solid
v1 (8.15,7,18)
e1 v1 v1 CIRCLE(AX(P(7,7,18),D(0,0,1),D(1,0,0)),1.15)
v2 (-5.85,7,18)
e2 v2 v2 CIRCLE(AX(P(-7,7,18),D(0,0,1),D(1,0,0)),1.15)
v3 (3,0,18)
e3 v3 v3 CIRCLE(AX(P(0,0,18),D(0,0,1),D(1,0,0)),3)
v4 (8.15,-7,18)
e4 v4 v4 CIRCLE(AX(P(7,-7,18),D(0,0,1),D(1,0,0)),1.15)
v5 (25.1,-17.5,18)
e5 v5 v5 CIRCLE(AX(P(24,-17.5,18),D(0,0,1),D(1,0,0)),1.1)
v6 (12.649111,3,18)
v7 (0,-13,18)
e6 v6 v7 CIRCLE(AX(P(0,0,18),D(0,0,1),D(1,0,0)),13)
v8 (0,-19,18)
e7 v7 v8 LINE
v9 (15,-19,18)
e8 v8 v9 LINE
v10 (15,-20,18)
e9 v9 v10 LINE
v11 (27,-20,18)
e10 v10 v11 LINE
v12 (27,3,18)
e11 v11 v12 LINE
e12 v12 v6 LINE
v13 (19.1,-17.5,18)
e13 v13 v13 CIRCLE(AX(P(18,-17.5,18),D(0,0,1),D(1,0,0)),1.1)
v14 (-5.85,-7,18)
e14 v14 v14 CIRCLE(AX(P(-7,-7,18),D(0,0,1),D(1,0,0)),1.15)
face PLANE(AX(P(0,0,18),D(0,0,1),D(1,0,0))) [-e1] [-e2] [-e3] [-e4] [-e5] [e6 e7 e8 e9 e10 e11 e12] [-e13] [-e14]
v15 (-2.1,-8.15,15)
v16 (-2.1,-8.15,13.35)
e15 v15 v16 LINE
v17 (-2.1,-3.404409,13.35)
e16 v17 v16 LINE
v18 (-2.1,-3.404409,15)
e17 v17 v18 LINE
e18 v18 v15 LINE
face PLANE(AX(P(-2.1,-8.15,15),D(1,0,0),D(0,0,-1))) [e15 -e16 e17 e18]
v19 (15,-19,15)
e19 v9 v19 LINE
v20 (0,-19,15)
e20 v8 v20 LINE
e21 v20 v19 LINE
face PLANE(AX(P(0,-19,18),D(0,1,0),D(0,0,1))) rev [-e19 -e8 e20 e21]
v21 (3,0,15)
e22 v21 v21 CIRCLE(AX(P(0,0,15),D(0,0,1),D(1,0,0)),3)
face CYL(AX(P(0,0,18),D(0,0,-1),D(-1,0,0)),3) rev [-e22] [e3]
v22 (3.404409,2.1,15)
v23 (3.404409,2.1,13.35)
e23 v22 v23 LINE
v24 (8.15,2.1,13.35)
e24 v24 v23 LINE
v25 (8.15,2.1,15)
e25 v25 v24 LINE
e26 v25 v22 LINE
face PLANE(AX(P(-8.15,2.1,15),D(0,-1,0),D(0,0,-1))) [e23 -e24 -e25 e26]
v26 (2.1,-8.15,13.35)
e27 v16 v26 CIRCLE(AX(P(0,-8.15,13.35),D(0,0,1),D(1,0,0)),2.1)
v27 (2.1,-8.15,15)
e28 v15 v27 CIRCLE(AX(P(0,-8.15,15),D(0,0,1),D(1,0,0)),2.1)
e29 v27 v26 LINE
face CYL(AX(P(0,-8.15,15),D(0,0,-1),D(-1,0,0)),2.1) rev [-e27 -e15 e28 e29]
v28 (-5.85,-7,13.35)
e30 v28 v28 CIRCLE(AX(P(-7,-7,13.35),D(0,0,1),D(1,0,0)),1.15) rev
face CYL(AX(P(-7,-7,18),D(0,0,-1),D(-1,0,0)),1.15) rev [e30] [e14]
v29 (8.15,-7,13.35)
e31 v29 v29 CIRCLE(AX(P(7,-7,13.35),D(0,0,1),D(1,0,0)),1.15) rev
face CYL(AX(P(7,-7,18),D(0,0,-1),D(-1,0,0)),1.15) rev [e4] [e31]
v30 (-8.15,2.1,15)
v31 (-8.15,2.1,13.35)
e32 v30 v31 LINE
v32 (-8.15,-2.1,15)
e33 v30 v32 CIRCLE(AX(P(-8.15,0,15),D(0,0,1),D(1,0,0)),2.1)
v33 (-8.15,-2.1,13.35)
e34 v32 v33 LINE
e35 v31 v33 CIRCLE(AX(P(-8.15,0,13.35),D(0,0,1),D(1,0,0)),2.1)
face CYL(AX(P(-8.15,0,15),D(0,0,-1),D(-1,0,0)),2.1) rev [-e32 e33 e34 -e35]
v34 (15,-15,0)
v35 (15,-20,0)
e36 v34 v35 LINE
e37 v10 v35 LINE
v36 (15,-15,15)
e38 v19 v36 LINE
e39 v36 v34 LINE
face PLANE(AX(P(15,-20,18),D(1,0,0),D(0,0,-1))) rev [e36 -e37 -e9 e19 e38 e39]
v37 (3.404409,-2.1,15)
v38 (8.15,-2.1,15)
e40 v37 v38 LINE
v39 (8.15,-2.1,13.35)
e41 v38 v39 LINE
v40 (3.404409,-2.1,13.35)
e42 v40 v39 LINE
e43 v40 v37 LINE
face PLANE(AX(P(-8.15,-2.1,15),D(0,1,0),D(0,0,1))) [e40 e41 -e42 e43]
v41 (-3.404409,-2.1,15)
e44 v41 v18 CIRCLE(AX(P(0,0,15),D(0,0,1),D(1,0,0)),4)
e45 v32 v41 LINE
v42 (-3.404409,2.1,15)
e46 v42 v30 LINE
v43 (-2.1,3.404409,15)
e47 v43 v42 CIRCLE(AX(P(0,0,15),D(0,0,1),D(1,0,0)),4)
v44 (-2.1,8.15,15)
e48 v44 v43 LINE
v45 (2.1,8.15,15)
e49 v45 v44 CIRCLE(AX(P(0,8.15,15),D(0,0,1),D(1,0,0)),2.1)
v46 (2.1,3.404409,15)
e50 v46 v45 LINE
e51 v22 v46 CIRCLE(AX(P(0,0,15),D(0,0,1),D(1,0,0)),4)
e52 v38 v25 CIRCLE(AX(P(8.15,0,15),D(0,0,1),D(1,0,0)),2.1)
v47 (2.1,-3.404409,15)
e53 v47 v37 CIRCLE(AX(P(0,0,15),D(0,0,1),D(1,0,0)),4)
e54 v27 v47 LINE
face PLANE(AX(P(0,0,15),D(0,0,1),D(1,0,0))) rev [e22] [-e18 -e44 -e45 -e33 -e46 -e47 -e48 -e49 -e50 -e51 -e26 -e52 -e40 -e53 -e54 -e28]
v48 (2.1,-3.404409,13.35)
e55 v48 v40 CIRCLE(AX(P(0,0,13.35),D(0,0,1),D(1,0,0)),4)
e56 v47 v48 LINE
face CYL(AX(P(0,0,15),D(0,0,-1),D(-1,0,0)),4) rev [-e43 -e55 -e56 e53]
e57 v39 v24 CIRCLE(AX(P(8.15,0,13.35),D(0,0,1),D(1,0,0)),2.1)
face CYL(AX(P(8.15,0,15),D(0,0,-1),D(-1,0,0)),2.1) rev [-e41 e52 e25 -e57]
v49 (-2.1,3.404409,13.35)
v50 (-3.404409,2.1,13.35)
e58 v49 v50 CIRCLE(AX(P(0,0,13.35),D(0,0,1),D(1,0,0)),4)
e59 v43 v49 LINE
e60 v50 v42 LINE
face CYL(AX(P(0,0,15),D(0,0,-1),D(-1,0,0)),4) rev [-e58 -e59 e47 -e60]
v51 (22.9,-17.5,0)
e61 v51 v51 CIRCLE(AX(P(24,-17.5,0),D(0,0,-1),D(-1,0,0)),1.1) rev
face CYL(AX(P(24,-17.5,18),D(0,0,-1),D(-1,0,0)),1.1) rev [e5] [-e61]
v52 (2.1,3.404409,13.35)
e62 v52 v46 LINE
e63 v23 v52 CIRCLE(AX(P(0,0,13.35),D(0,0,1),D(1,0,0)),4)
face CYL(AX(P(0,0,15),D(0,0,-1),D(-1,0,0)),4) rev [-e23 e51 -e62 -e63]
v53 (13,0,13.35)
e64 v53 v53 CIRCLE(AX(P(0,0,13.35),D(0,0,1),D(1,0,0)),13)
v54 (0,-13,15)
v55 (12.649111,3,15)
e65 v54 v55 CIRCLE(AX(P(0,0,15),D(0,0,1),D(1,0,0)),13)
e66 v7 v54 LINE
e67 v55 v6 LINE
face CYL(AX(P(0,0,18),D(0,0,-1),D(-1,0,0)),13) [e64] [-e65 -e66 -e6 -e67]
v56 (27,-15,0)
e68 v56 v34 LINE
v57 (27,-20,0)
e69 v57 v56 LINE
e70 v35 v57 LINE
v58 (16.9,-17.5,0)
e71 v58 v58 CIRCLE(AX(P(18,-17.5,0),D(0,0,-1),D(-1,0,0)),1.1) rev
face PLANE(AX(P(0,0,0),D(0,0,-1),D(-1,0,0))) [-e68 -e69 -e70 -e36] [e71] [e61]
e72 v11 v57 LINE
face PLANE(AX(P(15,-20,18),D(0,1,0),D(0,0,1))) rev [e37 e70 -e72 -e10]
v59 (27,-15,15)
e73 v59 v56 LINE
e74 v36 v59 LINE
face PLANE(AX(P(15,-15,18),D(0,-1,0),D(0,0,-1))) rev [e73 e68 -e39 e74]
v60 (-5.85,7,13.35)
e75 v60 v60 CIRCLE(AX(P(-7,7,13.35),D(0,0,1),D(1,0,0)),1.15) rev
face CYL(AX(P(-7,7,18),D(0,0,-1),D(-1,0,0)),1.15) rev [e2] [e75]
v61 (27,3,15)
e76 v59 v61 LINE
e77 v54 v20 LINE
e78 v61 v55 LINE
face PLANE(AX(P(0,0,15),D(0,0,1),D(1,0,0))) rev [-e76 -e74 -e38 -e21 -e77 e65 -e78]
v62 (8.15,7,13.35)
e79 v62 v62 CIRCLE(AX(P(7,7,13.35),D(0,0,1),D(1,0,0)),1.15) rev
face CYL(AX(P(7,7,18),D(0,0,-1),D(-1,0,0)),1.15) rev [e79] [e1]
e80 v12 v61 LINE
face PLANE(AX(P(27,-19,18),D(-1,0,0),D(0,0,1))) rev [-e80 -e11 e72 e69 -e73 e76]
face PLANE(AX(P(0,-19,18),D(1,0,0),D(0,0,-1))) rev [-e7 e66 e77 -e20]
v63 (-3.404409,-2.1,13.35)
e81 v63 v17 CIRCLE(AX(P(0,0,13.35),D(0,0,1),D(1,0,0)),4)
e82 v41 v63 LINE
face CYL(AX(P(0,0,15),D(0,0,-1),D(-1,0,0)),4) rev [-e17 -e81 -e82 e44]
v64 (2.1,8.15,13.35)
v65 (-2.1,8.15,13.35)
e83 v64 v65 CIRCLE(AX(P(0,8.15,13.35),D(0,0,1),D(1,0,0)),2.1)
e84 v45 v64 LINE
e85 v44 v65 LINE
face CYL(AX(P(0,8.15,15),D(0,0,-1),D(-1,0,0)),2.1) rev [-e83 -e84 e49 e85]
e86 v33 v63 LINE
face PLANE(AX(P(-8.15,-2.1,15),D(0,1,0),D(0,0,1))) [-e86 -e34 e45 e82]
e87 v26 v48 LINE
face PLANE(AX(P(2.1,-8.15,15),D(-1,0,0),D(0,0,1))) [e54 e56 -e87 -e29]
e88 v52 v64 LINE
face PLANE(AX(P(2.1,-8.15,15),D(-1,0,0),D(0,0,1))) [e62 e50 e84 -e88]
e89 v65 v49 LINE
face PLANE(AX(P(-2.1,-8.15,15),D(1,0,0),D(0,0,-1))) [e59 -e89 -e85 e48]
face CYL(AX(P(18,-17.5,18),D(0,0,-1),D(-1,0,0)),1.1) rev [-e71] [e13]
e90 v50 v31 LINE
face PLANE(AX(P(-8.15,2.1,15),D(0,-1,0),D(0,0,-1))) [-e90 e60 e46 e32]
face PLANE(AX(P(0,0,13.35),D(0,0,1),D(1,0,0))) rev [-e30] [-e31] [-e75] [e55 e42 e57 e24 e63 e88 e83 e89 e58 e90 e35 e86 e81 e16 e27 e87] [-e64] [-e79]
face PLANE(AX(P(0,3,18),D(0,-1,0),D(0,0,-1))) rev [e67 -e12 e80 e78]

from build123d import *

# Parameters (mm, degrees)
STOCK_HORN_ATTACHMENT_START          = 15
STOCK_HORN_ATTACHMENT_PROFILE_R      = 13
STOCK_HORN_ATTACHMENT_DEPTH          = 3
FINGER_ARM_START                     = 15
FINGER_ARM_PROFILE_W                 = 27
FINGER_ARM_PROFILE_H                 = 22
FINGER_ARM_DEPTH                     = 3
DESCENDING_CONTACT_FINGER_PROFILE_W  = 12
DESCENDING_CONTACT_FINGER_PROFILE_H  = 5
DESCENDING_CONTACT_FINGER_DEPTH      = 18
HORN_CENTER_ACCESS_START             = -50
HORN_CENTER_ACCESS_PROFILE_R         = 3
HORN_CENTER_ACCESS_DEPTH             = 89.118237105
CAPTURED_HORN_KEY_BOSS_START         = 13.35
CAPTURED_HORN_KEY_BOSS_PROFILE_R     = 13
CAPTURED_HORN_KEY_BOSS_DEPTH         = 1.65
KEY_POCKET_HUB_START                 = 13.35
STOCK_HORN_POCKET_HUB_R              = 3.55
KEY_POCKET_HUB_DEPTH                 = 1.65
KEY_POCKET_HORIZONTAL_START          = 13.35
STOCK_HORN_POCKET_HORIZONTAL_W       = 16.3
STOCK_HORN_POCKET_HORIZONTAL_H       = 4.2
KEY_POCKET_HORIZONTAL_DEPTH          = 1.65
KEY_POCKET_VERTICAL_START            = 13.35
STOCK_HORN_POCKET_VERTICAL_W         = 4.2
STOCK_HORN_POCKET_VERTICAL_H         = 16.3
KEY_POCKET_VERTICAL_DEPTH            = 1.65
KEY_POCKET_ROUNDED_TIPS_START        = 13.35
STOCK_HORN_POCKET_ROUNDED_TIPS_R     = 2.1
KEY_POCKET_ROUNDED_TIPS_DEPTH        = 1.65
UNMODIFIED_HORN_CAPTURE_M2_START     = -50
UNMODIFIED_HORN_CAPTURE_M2_PROFILE_R = 1.15
UNMODIFIED_HORN_CAPTURE_M2_DEPTH     = 89.118237105
HUB_CLEARANCE_IN_KEY_BOSS_ONLY_START = 13.35
HORN_CENTER_HUB_CLEARANCE_R          = 4
HUB_CLEARANCE_IN_KEY_BOSS_ONLY_DEPTH = 1.65
CONTACT_PAD_KEEPER_START             = -50
CONTACT_PAD_KEEPER_PROFILE_R         = 1.1
CONTACT_PAD_KEEPER_DEPTH             = 89.118237105


with BuildPart() as part:
    # Stock_horn_attachment_profile → Stock_horn_attachment (new body)
    with BuildSketch(Plane.XY.offset(STOCK_HORN_ATTACHMENT_START)):
        Circle(STOCK_HORN_ATTACHMENT_PROFILE_R)
    extrude(amount=STOCK_HORN_ATTACHMENT_DEPTH)

    # Finger_arm_profile → Finger_arm (add)
    with BuildSketch(Plane.XY.offset(FINGER_ARM_START)):
        with Locations((13.5, -8)):
            Rectangle(FINGER_ARM_PROFILE_W, FINGER_ARM_PROFILE_H)
    extrude(amount=FINGER_ARM_DEPTH)

    # Descending_contact_finger_profile → Descending_contact_finger (add)
    with BuildSketch(Plane.XY):
        with Locations((21, -17.5)):
            Rectangle(DESCENDING_CONTACT_FINGER_PROFILE_W, DESCENDING_CONTACT_FINGER_PROFILE_H)
    extrude(amount=DESCENDING_CONTACT_FINGER_DEPTH)

    # Horn_center_access_profile → Horn_center_access (cut, through all)
    with BuildSketch(Plane.XY.offset(HORN_CENTER_ACCESS_START)):
        Circle(HORN_CENTER_ACCESS_PROFILE_R)
    extrude(amount=HORN_CENTER_ACCESS_DEPTH, mode=Mode.SUBTRACT)

    # Captured_horn_key_boss_profile → Captured_horn_key_boss (add)
    with BuildSketch(Plane.XY.offset(CAPTURED_HORN_KEY_BOSS_START)):
        with Locations(Location((0, 0, 0), (0, 0, 270))):
            Circle(CAPTURED_HORN_KEY_BOSS_PROFILE_R)
    extrude(amount=CAPTURED_HORN_KEY_BOSS_DEPTH)

    # Stock_horn_pocket_Hub → Key_pocket_Hub (cut)
    with BuildSketch(Plane.XY.offset(KEY_POCKET_HUB_START)):
        Circle(STOCK_HORN_POCKET_HUB_R)
    extrude(amount=KEY_POCKET_HUB_DEPTH, mode=Mode.SUBTRACT)

    # Stock_horn_pocket_Horizontal → Key_pocket_Horizontal (cut)
    with BuildSketch(Plane.XY.offset(KEY_POCKET_HORIZONTAL_START)):
        Rectangle(STOCK_HORN_POCKET_HORIZONTAL_W, STOCK_HORN_POCKET_HORIZONTAL_H)
    extrude(amount=KEY_POCKET_HORIZONTAL_DEPTH, mode=Mode.SUBTRACT)

    # Stock_horn_pocket_Vertical → Key_pocket_Vertical (cut)
    with BuildSketch(Plane.XY.offset(KEY_POCKET_VERTICAL_START)):
        Rectangle(STOCK_HORN_POCKET_VERTICAL_W, STOCK_HORN_POCKET_VERTICAL_H)
    extrude(amount=KEY_POCKET_VERTICAL_DEPTH, mode=Mode.SUBTRACT)

    # Stock_horn_pocket_Rounded_tips → Key_pocket_Rounded_tips (cut)
    with BuildSketch(Plane.XY.offset(KEY_POCKET_ROUNDED_TIPS_START)):
        with Locations((8.15, 0)):
            Circle(STOCK_HORN_POCKET_ROUNDED_TIPS_R)
        with Locations((-8.15, 0)):
            Circle(STOCK_HORN_POCKET_ROUNDED_TIPS_R)
        with Locations((0, 8.15)):
            Circle(STOCK_HORN_POCKET_ROUNDED_TIPS_R)
        with Locations((0, -8.15)):
            Circle(STOCK_HORN_POCKET_ROUNDED_TIPS_R)
    extrude(amount=KEY_POCKET_ROUNDED_TIPS_DEPTH, mode=Mode.SUBTRACT)

    # Unmodified_horn_capture_M2_profile → Unmodified_horn_capture_M2 (cut, through all)
    with BuildSketch(Plane.XY.offset(UNMODIFIED_HORN_CAPTURE_M2_START)):
        with Locations((7, 7)):
            Circle(UNMODIFIED_HORN_CAPTURE_M2_PROFILE_R)
        with Locations((-7, 7)):
            Circle(UNMODIFIED_HORN_CAPTURE_M2_PROFILE_R)
        with Locations((-7, -7)):
            Circle(UNMODIFIED_HORN_CAPTURE_M2_PROFILE_R)
        with Locations((7, -7)):
            Circle(UNMODIFIED_HORN_CAPTURE_M2_PROFILE_R)
    extrude(amount=UNMODIFIED_HORN_CAPTURE_M2_DEPTH, mode=Mode.SUBTRACT)

    # Horn_center_hub_clearance → Hub_clearance_in_key_boss_only (cut)
    with BuildSketch(Plane.XY.offset(HUB_CLEARANCE_IN_KEY_BOSS_ONLY_START)):
        Circle(HORN_CENTER_HUB_CLEARANCE_R)
    extrude(amount=HUB_CLEARANCE_IN_KEY_BOSS_ONLY_DEPTH, mode=Mode.SUBTRACT)

    # Contact_pad_keeper_profile → Contact_pad_keeper (cut, through all)
    with BuildSketch(Plane.XY.offset(CONTACT_PAD_KEEPER_START)):
        with Locations(Location((18, -17.5, 0), (0, 0, 180))):
            Circle(CONTACT_PAD_KEEPER_PROFILE_R)
        with Locations(Location((24, -17.5, 0), (0, 0, 180))):
            Circle(CONTACT_PAD_KEEPER_PROFILE_R)
    extrude(amount=CONTACT_PAD_KEEPER_DEPTH, mode=Mode.SUBTRACT)


solid = part.part
